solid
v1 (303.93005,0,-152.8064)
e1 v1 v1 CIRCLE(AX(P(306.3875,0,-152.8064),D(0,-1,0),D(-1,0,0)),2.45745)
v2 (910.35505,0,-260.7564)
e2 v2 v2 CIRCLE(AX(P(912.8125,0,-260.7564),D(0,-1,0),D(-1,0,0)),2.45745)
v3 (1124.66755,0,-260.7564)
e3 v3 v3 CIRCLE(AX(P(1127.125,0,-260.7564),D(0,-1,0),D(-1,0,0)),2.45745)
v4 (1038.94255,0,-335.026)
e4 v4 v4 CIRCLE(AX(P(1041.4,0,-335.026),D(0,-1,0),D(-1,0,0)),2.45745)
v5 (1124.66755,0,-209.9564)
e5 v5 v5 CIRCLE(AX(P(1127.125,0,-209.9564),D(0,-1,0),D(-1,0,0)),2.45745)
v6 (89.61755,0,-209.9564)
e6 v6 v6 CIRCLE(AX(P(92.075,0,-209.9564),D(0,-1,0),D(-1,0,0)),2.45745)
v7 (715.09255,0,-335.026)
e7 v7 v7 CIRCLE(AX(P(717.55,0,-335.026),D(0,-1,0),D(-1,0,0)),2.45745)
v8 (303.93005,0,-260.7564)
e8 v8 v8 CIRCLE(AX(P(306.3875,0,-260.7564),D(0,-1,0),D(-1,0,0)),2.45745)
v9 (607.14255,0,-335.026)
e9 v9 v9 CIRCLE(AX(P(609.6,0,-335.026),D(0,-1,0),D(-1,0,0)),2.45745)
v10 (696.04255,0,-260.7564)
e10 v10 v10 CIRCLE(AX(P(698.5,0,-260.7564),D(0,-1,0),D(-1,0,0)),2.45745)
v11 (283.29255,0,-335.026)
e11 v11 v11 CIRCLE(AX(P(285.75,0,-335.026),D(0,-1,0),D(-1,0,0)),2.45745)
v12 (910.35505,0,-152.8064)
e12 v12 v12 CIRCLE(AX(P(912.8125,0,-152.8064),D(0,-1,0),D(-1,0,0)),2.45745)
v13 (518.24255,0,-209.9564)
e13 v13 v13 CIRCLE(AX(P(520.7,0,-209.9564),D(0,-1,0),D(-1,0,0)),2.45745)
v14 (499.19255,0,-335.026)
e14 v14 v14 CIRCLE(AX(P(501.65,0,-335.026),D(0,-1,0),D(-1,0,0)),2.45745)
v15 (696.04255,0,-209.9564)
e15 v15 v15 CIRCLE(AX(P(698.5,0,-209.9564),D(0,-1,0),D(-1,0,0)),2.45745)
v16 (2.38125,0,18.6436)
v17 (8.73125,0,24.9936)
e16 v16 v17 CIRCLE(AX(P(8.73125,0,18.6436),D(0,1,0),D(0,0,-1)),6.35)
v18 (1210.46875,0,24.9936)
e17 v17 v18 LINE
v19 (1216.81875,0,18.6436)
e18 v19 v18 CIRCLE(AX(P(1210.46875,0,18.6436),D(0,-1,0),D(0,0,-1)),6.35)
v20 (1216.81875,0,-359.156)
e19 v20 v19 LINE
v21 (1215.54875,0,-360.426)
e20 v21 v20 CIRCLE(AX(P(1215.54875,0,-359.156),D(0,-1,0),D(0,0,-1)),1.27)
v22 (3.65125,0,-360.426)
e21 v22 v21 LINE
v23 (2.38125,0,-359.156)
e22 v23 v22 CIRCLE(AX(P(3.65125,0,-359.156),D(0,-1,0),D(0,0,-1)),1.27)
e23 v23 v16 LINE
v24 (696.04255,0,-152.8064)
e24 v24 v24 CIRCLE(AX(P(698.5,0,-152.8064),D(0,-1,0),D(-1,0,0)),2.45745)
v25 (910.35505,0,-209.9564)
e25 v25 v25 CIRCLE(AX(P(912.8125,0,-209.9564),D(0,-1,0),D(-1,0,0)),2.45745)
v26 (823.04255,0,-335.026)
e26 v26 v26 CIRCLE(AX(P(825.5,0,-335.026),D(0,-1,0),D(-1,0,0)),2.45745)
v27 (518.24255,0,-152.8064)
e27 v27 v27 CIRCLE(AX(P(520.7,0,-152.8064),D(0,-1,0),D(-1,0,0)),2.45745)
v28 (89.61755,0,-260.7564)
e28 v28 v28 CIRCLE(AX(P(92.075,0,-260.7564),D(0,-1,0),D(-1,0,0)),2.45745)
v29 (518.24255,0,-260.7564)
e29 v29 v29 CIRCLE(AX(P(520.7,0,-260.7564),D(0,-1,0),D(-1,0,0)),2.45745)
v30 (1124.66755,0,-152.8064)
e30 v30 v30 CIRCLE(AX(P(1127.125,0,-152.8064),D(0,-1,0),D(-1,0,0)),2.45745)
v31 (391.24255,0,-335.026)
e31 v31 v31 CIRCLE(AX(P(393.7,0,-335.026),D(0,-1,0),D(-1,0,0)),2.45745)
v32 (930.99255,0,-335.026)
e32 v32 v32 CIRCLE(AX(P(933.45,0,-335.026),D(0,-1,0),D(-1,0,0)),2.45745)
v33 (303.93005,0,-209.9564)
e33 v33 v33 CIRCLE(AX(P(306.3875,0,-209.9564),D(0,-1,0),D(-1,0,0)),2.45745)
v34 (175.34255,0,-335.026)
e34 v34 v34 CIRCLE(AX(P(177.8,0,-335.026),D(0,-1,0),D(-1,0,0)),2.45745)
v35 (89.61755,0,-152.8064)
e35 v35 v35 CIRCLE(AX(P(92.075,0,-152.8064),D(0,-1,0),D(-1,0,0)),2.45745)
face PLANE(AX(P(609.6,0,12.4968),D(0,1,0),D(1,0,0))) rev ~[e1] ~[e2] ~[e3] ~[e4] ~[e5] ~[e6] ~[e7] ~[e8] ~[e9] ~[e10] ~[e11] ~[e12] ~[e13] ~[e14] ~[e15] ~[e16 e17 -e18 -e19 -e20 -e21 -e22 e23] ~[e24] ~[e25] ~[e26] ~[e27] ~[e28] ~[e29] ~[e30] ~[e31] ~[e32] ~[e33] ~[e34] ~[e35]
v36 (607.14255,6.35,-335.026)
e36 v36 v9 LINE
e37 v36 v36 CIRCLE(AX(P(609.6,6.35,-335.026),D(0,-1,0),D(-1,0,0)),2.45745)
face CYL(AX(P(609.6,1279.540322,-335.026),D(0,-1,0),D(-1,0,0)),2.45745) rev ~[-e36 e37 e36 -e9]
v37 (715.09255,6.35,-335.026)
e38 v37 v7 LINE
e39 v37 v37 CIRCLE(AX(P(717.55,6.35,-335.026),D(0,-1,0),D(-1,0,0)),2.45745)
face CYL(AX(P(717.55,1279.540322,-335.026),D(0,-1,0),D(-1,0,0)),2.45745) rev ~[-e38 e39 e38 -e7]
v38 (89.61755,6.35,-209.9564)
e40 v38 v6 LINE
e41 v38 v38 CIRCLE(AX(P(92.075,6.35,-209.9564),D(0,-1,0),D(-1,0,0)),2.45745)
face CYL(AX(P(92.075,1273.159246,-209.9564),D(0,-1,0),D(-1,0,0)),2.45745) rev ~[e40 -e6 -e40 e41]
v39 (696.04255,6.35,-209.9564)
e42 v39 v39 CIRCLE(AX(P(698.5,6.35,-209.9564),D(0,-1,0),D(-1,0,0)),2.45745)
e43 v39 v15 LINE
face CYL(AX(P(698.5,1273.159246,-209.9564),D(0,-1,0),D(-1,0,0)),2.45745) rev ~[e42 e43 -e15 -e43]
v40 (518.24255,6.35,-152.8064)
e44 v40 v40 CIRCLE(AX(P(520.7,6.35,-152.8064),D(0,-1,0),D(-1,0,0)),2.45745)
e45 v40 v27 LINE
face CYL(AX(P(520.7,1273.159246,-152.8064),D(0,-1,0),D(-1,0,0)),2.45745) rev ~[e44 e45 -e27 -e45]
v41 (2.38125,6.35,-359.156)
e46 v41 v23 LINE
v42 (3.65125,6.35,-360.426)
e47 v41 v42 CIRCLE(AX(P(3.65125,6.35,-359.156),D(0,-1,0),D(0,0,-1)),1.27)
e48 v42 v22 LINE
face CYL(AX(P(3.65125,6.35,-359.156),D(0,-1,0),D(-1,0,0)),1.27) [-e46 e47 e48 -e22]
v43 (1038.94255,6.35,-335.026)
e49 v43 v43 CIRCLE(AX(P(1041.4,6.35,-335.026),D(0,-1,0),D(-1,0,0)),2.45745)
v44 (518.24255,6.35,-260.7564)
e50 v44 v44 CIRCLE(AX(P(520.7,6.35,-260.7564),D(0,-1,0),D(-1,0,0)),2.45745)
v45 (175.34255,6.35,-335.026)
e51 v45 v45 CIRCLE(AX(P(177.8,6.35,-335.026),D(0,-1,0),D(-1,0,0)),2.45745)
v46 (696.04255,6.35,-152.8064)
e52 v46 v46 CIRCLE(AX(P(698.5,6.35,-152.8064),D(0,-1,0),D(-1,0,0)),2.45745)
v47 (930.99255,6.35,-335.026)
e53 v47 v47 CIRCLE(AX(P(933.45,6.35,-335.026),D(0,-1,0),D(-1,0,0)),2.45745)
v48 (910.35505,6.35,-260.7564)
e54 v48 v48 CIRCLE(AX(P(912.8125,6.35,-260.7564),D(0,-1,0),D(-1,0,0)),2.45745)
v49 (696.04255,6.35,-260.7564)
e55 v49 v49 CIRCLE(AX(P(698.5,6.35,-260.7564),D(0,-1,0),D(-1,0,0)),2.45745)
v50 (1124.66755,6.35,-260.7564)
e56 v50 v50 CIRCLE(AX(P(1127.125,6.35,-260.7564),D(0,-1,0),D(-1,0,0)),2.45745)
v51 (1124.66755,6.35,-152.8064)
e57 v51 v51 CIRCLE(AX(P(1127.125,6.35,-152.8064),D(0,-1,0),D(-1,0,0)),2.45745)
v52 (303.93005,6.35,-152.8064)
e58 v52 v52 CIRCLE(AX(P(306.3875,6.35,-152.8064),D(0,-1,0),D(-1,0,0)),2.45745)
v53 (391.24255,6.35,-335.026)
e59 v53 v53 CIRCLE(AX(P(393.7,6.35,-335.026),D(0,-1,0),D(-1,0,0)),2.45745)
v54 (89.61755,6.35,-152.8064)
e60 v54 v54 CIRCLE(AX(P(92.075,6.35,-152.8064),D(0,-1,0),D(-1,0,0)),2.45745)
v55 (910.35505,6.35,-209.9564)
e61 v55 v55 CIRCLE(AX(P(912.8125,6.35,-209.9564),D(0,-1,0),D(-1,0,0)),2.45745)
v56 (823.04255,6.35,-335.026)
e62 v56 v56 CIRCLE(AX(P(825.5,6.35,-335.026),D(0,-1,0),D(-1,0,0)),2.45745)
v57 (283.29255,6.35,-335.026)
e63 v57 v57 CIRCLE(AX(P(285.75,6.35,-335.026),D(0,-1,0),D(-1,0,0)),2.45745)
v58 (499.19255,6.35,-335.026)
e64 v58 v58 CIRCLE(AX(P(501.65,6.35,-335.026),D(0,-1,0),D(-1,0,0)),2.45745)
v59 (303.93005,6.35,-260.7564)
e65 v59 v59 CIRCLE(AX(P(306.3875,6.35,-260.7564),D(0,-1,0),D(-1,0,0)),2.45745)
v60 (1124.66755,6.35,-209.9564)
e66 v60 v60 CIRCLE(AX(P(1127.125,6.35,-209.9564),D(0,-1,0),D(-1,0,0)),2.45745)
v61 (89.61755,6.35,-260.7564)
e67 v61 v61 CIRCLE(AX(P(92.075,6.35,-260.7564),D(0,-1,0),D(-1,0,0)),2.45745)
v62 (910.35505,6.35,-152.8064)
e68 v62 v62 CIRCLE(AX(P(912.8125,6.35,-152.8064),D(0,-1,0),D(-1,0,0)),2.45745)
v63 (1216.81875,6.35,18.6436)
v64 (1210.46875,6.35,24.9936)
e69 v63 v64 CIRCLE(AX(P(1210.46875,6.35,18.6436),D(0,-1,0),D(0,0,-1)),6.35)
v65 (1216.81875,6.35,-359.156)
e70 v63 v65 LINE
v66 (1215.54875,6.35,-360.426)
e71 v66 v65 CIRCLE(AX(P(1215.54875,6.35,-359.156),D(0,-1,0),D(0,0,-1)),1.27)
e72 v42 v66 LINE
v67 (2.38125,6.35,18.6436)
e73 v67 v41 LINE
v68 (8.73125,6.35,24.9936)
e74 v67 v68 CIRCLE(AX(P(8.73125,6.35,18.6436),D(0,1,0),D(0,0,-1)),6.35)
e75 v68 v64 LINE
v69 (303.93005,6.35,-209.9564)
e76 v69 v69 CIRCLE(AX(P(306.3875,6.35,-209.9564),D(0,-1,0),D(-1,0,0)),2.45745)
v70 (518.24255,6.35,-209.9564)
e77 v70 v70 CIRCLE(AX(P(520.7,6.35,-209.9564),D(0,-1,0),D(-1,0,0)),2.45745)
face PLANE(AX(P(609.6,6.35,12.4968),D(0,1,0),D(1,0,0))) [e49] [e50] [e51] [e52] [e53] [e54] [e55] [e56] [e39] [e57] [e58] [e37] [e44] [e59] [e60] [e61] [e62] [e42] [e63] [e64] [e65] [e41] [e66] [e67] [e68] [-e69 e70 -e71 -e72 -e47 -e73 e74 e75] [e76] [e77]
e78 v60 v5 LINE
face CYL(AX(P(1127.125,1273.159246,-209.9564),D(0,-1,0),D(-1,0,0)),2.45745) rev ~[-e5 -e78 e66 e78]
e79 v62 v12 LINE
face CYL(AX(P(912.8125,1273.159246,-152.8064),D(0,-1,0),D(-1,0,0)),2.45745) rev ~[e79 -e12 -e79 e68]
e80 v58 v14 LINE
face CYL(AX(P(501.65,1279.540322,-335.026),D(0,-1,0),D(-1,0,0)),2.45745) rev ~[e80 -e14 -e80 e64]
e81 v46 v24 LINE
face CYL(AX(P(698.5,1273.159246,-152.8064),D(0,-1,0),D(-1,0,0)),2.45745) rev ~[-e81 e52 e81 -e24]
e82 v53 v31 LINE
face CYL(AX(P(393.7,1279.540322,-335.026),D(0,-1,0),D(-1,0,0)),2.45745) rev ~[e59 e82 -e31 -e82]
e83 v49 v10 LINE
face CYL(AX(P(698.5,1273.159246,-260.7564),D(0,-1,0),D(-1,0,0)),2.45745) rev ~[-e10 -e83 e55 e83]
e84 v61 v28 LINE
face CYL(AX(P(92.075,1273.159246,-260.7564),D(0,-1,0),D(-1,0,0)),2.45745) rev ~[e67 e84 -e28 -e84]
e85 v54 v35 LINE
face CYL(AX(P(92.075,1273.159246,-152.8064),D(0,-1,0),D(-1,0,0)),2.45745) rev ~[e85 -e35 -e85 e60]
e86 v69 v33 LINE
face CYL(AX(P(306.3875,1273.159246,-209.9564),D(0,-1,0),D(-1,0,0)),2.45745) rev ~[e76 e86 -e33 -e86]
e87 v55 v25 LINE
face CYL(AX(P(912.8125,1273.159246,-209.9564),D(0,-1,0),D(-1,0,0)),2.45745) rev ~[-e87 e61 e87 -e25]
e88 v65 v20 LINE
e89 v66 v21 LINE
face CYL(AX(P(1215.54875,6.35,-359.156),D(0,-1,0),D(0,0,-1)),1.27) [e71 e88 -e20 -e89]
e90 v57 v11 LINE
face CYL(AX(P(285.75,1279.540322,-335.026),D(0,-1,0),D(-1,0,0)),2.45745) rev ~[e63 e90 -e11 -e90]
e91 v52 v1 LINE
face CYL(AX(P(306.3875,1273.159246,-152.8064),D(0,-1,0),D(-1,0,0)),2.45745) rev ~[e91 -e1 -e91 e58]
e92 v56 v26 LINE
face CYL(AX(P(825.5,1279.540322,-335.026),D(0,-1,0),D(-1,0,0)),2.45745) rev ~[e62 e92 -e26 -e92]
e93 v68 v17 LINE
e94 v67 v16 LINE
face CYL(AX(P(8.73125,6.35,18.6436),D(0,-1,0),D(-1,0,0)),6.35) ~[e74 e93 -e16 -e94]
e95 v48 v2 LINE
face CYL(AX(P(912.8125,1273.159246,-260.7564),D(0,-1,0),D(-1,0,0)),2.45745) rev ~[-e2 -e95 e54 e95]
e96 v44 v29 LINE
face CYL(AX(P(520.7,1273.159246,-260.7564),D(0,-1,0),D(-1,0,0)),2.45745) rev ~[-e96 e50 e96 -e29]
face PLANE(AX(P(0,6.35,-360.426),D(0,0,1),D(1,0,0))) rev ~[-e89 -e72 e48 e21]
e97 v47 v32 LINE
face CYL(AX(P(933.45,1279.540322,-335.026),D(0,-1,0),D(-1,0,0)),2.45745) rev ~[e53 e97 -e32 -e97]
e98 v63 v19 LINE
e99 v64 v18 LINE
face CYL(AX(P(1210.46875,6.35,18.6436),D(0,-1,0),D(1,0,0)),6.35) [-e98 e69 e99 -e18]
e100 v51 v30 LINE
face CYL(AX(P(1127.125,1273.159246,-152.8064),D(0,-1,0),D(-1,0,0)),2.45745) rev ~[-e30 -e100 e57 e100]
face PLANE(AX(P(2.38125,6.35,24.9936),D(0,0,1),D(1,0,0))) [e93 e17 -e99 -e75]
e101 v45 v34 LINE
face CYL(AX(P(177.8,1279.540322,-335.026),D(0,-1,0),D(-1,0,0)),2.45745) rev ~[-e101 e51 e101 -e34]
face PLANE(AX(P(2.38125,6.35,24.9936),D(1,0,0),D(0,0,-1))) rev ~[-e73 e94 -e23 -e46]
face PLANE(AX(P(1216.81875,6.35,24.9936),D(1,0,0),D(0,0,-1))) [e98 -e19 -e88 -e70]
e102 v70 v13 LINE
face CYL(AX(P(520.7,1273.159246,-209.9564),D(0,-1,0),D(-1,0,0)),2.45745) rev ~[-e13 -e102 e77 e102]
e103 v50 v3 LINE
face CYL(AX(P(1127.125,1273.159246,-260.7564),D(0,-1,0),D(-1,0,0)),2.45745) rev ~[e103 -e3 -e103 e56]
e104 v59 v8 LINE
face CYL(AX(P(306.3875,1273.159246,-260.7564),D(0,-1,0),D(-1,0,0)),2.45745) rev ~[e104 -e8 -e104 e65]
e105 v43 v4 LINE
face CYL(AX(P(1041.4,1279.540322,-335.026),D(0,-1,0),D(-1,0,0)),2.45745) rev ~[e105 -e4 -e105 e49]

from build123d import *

# Parameters (mm, degrees)
SKETCH1_W                    = 1219.2
SKETCH1_H                    = 366.776
BOSS_EXTRUDE1_DEPTH          = 6.35
F_10_0_1935_DIAMETER_HOLE1_D = 4.9149
SKETCH4_W                    = 1219.2
SKETCH4_H                    = 6.35
CUT_EXTRUDE1_DEPTH           = 1274.190322252
SKETCH5_W                    = 2.38125
SKETCH5_H                    = 360.426
CUT_EXTRUDE2_DEPTH           = 1272.375579432
FILLET1_R                    = 1.27
BOSS_EXTRUDE2_START          = -6.35
SKETCH6_R                    = 2.45745
BOSS_EXTRUDE2_DEPTH          = 6.35
F_10_0_1935_DIAMETER_HOLE2_D = 4.9149
SKETCH9_W                    = 1214.4375
SKETCH9_H                    = 24.9936
BOSS_EXTRUDE3_DEPTH          = 6.35
FILLET2_R                    = 6.35


with BuildPart() as part:
    # Sketch1 → Boss-Extrude1 (new body)
    with BuildSketch(Plane(origin=(0, 0, 0), x_dir=(1, 0, 0), z_dir=(0, 1, 0))):
        with Locations((609.6, 183.388)):
            Rectangle(SKETCH1_W, SKETCH1_H)
    extrude(amount=BOSS_EXTRUDE1_DEPTH)

    # #10 (0.1935) Diameter Hole1 (through all)
    with Locations(Plane(origin=(0, 6.35, 0), x_dir=(1, 0, 0), z_dir=(0, 1, 0))):
        with Locations((177.8, 335.026), (285.75, 335.026), (393.7, 335.026), (501.65, 335.026), (609.6, 335.026), (717.55, 335.026), (139.7, 289.7505), (609.6, 289.7505), (1079.5, 289.7505), (609.6, 238.9505), (1079.5, 238.9505), (609.6, 188.1505), (1079.5, 188.1505), (609.6, 137.3505), (1079.5, 137.3505), (139.7, 238.9505), (139.7, 188.1505), (139.7, 137.3505), (825.5, 335.026), (933.45, 335.026), (1041.4, 335.026)):
            Hole(F_10_0_1935_DIAMETER_HOLE1_D / 2)

    # Sketch4 → Cut-Extrude1 (cut, through all)
    with BuildSketch(Plane(origin=(0, 6.35, 0), x_dir=(1, 0, 0), z_dir=(0, 1, 0))):
        with Locations((609.6, 363.601)):
            Rectangle(SKETCH4_W, SKETCH4_H)
    extrude(amount=-CUT_EXTRUDE1_DEPTH, mode=Mode.SUBTRACT)

    # Sketch5 → Cut-Extrude2 (cut, through all)
    with BuildSketch(Plane(origin=(0, 6.35, 0), x_dir=(1, 0, 0), z_dir=(0, 1, 0))):
        with Locations((1218.009375, 180.213)):
            Rectangle(SKETCH5_W, SKETCH5_H)
        with Locations((1.190625, 180.213)):
            Rectangle(SKETCH5_W, SKETCH5_H)
    extrude(amount=-CUT_EXTRUDE2_DEPTH, mode=Mode.SUBTRACT)

    # Fillet1
    fillet1_edges = [part.edges().sort_by_distance(p)[0] for p in [
        (2.38125, 3.175, -360.426),
        (1216.81875, 3.175, -360.426),
    ]]
    fillet(fillet1_edges, radius=FILLET1_R)

    # Sketch6 → Boss-Extrude2 (add)
    with BuildSketch(Plane(origin=(0, 6.35, 0), x_dir=(1, 0, 0), z_dir=(0, 1, 0)).offset(BOSS_EXTRUDE2_START)):
        with Locations((1079.5, 137.3505)):
            Circle(SKETCH6_R)
        with Locations((1079.5, 188.1505)):
            Circle(SKETCH6_R)
        with Locations((1079.5, 238.9505)):
            Circle(SKETCH6_R)
        with Locations((1079.5, 289.7505)):
            Circle(SKETCH6_R)
        with Locations((609.6, 137.3505)):
            Circle(SKETCH6_R)
        with Locations((609.6, 188.1505)):
            Circle(SKETCH6_R)
        with Locations((609.6, 238.9505)):
            Circle(SKETCH6_R)
        with Locations((609.6, 289.7505)):
            Circle(SKETCH6_R)
        with Locations((139.7, 137.3505)):
            Circle(SKETCH6_R)
        with Locations((139.7, 188.1505)):
            Circle(SKETCH6_R)
        with Locations((139.7, 238.9505)):
            Circle(SKETCH6_R)
        with Locations((139.7, 289.7505)):
            Circle(SKETCH6_R)
    extrude(amount=BOSS_EXTRUDE2_DEPTH)

    # #10 (0.1935) Diameter Hole2 (through all)
    with Locations(Plane(origin=(0, 6.35, 0), x_dir=(1, 0, 0), z_dir=(0, 1, 0))):
        with Locations((92.075, 260.7564), (92.075, 209.9564), (92.075, 152.8064), (306.3875, 260.7564), (306.3875, 209.9564), (306.3875, 152.8064), (520.7, 152.8064), (520.7, 209.9564), (520.7, 260.7564), (698.5, 260.7564), (698.5, 209.9564), (698.5, 152.8064), (912.8125, 152.8064), (912.8125, 209.9564), (912.8125, 260.7564), (1127.125, 152.8064), (1127.125, 209.9564), (1127.125, 260.7564)):
            Hole(F_10_0_1935_DIAMETER_HOLE2_D / 2)

    # Sketch9 → Boss-Extrude3 (add)
    with BuildSketch(Plane(origin=(0, 6.35, 0), x_dir=(1, 0, 0), z_dir=(0, 1, 0))):
        with Locations((609.6, -12.4968)):
            Rectangle(SKETCH9_W, SKETCH9_H)
    extrude(amount=-BOSS_EXTRUDE3_DEPTH)

    # Fillet2
    fillet2_edges = [part.edges().sort_by_distance(p)[0] for p in [
        (1216.81875, 3.175, 24.9936),
        (2.38125, 3.175, 24.9936),
    ]]
    fillet(fillet2_edges, radius=FILLET2_R)


solid = part.part
